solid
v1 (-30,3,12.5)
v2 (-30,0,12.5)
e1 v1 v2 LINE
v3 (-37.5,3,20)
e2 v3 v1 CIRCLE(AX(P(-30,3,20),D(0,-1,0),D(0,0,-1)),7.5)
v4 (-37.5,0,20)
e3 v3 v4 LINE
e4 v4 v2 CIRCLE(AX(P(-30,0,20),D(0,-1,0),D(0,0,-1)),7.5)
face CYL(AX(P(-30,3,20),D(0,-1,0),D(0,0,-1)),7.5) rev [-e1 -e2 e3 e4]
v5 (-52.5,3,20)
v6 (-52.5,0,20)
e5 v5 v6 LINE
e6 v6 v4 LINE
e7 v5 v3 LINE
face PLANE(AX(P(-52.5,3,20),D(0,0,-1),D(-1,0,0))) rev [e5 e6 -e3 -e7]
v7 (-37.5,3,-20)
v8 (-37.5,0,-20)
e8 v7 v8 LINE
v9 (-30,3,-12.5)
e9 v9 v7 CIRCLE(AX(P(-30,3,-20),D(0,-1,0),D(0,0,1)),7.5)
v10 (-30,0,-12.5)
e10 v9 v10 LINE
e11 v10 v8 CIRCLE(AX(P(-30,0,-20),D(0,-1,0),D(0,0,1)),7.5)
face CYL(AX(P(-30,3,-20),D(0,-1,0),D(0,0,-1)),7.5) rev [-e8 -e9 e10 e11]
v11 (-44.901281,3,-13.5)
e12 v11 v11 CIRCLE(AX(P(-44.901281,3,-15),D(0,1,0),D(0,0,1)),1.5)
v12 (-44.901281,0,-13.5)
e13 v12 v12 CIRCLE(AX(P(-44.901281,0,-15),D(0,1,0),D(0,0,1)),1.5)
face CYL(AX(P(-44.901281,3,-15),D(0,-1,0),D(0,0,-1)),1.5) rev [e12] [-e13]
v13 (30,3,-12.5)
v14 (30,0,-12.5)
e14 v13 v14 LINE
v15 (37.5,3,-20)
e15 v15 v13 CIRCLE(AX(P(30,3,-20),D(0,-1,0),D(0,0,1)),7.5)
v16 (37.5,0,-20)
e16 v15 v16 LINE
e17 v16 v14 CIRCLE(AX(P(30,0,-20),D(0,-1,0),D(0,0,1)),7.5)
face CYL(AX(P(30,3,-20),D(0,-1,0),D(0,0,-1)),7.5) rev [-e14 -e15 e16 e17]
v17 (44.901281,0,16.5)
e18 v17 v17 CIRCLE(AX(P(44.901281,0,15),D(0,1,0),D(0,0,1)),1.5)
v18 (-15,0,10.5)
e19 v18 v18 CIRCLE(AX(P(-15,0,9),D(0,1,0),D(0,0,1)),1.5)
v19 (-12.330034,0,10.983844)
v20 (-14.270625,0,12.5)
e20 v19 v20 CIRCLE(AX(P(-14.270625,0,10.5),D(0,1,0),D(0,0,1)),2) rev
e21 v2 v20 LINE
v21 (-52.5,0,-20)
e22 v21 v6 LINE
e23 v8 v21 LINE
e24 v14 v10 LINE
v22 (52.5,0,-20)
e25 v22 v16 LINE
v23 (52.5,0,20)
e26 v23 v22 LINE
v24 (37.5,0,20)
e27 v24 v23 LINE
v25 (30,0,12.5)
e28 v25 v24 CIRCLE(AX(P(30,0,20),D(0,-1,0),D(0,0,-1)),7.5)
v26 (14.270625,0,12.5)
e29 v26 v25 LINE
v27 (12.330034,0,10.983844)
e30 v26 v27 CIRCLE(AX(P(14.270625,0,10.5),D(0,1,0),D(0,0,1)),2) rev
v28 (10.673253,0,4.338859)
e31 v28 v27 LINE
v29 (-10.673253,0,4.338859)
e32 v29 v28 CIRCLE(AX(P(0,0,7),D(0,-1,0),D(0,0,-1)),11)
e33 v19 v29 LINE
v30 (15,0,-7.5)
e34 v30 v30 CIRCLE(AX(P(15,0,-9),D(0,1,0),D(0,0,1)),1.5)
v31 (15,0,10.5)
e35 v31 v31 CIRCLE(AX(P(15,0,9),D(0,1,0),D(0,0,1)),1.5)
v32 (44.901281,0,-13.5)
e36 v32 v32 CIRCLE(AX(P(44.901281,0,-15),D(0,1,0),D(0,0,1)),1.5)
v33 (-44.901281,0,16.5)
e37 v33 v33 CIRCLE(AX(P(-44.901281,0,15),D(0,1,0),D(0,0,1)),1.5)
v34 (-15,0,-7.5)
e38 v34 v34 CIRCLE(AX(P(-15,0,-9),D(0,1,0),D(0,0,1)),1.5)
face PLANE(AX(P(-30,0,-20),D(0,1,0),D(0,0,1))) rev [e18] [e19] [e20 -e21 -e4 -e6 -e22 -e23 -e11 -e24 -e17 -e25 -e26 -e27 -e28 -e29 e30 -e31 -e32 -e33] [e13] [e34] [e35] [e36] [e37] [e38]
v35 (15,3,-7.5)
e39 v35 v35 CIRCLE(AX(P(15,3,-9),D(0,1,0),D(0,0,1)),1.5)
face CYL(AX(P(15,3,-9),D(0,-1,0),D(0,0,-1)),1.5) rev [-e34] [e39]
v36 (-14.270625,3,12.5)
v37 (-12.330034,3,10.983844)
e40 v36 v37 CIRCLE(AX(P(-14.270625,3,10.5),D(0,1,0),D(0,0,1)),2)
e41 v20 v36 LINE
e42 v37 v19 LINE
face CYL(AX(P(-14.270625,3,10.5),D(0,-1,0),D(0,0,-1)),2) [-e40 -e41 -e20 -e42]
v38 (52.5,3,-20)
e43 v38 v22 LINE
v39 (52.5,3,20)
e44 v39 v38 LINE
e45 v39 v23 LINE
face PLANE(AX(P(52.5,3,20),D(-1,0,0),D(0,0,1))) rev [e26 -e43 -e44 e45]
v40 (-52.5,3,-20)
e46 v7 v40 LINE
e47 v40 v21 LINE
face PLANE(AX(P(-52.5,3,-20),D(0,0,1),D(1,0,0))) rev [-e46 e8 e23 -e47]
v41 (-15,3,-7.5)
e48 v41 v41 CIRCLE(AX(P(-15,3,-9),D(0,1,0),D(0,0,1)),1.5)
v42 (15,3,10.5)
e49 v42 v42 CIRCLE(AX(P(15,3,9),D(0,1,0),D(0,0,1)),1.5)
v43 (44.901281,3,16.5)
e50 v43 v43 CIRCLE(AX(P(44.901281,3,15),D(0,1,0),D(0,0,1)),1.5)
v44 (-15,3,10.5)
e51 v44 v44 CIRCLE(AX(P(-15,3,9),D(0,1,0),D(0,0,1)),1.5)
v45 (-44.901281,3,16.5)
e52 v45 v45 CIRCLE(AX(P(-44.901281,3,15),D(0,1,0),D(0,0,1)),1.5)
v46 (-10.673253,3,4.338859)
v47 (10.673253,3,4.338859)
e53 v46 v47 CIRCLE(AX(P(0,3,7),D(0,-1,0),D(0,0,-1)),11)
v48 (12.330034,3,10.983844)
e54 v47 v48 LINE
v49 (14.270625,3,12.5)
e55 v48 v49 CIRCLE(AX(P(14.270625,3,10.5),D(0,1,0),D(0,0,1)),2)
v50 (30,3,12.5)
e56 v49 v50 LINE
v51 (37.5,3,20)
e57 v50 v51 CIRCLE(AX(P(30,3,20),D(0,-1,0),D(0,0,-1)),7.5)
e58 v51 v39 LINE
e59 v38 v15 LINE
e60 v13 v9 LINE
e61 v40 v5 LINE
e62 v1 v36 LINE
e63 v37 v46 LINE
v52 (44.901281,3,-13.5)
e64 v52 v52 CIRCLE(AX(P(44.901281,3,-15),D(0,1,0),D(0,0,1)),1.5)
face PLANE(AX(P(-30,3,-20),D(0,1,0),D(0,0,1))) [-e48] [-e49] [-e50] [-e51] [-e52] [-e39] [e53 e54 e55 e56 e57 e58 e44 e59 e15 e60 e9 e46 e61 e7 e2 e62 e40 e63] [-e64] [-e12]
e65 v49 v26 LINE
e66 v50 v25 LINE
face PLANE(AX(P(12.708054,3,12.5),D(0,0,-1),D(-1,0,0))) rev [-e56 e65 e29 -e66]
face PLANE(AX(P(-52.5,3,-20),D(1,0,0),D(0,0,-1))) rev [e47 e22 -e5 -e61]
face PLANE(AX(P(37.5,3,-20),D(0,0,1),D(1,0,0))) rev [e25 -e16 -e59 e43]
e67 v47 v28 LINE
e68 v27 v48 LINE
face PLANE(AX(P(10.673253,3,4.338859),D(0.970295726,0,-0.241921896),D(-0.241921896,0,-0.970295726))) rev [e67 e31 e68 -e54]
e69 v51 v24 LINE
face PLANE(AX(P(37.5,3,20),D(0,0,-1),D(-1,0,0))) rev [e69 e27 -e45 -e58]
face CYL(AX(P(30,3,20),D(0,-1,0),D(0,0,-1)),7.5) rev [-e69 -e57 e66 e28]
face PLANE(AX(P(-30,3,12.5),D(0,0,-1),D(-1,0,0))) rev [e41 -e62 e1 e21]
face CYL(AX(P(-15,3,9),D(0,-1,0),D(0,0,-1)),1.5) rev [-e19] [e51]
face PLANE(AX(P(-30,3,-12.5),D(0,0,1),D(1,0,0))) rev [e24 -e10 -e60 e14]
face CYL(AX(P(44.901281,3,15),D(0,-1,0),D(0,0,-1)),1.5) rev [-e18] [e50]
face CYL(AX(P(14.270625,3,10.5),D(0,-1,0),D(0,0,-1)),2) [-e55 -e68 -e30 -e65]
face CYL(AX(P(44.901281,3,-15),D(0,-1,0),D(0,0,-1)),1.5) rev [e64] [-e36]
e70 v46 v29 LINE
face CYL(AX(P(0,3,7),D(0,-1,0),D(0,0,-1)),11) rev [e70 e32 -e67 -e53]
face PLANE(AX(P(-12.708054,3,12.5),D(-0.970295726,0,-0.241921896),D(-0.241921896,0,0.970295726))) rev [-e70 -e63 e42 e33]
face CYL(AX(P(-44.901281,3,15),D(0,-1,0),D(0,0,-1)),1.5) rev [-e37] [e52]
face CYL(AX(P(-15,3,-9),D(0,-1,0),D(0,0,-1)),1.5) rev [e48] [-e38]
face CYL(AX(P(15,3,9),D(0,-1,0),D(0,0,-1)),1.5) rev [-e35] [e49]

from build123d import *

# Parameters (mm, degrees)
SKETCH_1_R      = 1.5
EXTRUDE_1_DEPTH = 3
FILLET_1_R      = 2


with BuildPart() as part:
    # 草图1 → 凸台-拉伸1 (new body)
    with BuildSketch(Plane(origin=(0, 0, 0), x_dir=(1, 0, 0), z_dir=(0, 1, 0))):
        with BuildLine():
            Line((-52.5, 20), (-52.5, -20))
            Line((-52.5, -20), (-37.5, -20))
            ThreePointArc((-37.5, -20), (-35.303300859, -14.696699141), (-30, -12.5))
            Line((-30, -12.5), (-12.708053938, -12.5))
            Line((-12.708053938, -12.5), (-10.673252989, -4.338859148))
            ThreePointArc((-10.673252989, -4.338859148), (0, 4), (10.673252989, -4.338859148))
            Line((10.673252989, -4.338859148), (12.708053938, -12.5))
            Line((12.708053938, -12.5), (30, -12.5))
            ThreePointArc((30, -12.5), (35.303300859, -14.696699141), (37.5, -20))
            Line((37.5, -20), (52.5, -20))
            Line((52.5, -20), (52.5, 20))
            Line((52.5, 20), (37.5, 20))
            ThreePointArc((37.5, 20), (35.303300859, 14.696699141), (30, 12.5))
            Line((30, 12.5), (-30, 12.5))
            ThreePointArc((-30, 12.5), (-35.303300859, 14.696699141), (-37.5, 20))
            Line((-37.5, 20), (-52.5, 20))
        make_face()
        with Locations(Location((-44.901280605, 15, 0), (0, 0, 270))):
            Circle(SKETCH_1_R, mode=Mode.SUBTRACT)
        with Locations(Location((-44.901280605, -15, 0), (0, 0, 270))):
            Circle(SKETCH_1_R, mode=Mode.SUBTRACT)
        with Locations(Location((44.901280605, -15, 0), (0, 0, 270))):
            Circle(SKETCH_1_R, mode=Mode.SUBTRACT)
        with Locations(Location((44.901280605, 15, 0), (0, 0, 270))):
            Circle(SKETCH_1_R, mode=Mode.SUBTRACT)
        with Locations(Location((15, 9, 0), (0, 0, 270))):
            Circle(SKETCH_1_R, mode=Mode.SUBTRACT)
        with Locations(Location((15, -9, 0), (0, 0, 270))):
            Circle(SKETCH_1_R, mode=Mode.SUBTRACT)
        with Locations(Location((-15, 9, 0), (0, 0, 270))):
            Circle(SKETCH_1_R, mode=Mode.SUBTRACT)
        with Locations(Location((-15, -9, 0), (0, 0, 270))):
            Circle(SKETCH_1_R, mode=Mode.SUBTRACT)
    extrude(amount=EXTRUDE_1_DEPTH)

    # 圆角1
    fillet_1_edges = [part.edges().sort_by_distance(p)[0] for p in [
        (12.708053938, 1.5, 12.5),
        (-12.708053938, 1.5, 12.5),
    ]]
    fillet(fillet_1_edges, radius=FILLET_1_R)


solid = part.part
